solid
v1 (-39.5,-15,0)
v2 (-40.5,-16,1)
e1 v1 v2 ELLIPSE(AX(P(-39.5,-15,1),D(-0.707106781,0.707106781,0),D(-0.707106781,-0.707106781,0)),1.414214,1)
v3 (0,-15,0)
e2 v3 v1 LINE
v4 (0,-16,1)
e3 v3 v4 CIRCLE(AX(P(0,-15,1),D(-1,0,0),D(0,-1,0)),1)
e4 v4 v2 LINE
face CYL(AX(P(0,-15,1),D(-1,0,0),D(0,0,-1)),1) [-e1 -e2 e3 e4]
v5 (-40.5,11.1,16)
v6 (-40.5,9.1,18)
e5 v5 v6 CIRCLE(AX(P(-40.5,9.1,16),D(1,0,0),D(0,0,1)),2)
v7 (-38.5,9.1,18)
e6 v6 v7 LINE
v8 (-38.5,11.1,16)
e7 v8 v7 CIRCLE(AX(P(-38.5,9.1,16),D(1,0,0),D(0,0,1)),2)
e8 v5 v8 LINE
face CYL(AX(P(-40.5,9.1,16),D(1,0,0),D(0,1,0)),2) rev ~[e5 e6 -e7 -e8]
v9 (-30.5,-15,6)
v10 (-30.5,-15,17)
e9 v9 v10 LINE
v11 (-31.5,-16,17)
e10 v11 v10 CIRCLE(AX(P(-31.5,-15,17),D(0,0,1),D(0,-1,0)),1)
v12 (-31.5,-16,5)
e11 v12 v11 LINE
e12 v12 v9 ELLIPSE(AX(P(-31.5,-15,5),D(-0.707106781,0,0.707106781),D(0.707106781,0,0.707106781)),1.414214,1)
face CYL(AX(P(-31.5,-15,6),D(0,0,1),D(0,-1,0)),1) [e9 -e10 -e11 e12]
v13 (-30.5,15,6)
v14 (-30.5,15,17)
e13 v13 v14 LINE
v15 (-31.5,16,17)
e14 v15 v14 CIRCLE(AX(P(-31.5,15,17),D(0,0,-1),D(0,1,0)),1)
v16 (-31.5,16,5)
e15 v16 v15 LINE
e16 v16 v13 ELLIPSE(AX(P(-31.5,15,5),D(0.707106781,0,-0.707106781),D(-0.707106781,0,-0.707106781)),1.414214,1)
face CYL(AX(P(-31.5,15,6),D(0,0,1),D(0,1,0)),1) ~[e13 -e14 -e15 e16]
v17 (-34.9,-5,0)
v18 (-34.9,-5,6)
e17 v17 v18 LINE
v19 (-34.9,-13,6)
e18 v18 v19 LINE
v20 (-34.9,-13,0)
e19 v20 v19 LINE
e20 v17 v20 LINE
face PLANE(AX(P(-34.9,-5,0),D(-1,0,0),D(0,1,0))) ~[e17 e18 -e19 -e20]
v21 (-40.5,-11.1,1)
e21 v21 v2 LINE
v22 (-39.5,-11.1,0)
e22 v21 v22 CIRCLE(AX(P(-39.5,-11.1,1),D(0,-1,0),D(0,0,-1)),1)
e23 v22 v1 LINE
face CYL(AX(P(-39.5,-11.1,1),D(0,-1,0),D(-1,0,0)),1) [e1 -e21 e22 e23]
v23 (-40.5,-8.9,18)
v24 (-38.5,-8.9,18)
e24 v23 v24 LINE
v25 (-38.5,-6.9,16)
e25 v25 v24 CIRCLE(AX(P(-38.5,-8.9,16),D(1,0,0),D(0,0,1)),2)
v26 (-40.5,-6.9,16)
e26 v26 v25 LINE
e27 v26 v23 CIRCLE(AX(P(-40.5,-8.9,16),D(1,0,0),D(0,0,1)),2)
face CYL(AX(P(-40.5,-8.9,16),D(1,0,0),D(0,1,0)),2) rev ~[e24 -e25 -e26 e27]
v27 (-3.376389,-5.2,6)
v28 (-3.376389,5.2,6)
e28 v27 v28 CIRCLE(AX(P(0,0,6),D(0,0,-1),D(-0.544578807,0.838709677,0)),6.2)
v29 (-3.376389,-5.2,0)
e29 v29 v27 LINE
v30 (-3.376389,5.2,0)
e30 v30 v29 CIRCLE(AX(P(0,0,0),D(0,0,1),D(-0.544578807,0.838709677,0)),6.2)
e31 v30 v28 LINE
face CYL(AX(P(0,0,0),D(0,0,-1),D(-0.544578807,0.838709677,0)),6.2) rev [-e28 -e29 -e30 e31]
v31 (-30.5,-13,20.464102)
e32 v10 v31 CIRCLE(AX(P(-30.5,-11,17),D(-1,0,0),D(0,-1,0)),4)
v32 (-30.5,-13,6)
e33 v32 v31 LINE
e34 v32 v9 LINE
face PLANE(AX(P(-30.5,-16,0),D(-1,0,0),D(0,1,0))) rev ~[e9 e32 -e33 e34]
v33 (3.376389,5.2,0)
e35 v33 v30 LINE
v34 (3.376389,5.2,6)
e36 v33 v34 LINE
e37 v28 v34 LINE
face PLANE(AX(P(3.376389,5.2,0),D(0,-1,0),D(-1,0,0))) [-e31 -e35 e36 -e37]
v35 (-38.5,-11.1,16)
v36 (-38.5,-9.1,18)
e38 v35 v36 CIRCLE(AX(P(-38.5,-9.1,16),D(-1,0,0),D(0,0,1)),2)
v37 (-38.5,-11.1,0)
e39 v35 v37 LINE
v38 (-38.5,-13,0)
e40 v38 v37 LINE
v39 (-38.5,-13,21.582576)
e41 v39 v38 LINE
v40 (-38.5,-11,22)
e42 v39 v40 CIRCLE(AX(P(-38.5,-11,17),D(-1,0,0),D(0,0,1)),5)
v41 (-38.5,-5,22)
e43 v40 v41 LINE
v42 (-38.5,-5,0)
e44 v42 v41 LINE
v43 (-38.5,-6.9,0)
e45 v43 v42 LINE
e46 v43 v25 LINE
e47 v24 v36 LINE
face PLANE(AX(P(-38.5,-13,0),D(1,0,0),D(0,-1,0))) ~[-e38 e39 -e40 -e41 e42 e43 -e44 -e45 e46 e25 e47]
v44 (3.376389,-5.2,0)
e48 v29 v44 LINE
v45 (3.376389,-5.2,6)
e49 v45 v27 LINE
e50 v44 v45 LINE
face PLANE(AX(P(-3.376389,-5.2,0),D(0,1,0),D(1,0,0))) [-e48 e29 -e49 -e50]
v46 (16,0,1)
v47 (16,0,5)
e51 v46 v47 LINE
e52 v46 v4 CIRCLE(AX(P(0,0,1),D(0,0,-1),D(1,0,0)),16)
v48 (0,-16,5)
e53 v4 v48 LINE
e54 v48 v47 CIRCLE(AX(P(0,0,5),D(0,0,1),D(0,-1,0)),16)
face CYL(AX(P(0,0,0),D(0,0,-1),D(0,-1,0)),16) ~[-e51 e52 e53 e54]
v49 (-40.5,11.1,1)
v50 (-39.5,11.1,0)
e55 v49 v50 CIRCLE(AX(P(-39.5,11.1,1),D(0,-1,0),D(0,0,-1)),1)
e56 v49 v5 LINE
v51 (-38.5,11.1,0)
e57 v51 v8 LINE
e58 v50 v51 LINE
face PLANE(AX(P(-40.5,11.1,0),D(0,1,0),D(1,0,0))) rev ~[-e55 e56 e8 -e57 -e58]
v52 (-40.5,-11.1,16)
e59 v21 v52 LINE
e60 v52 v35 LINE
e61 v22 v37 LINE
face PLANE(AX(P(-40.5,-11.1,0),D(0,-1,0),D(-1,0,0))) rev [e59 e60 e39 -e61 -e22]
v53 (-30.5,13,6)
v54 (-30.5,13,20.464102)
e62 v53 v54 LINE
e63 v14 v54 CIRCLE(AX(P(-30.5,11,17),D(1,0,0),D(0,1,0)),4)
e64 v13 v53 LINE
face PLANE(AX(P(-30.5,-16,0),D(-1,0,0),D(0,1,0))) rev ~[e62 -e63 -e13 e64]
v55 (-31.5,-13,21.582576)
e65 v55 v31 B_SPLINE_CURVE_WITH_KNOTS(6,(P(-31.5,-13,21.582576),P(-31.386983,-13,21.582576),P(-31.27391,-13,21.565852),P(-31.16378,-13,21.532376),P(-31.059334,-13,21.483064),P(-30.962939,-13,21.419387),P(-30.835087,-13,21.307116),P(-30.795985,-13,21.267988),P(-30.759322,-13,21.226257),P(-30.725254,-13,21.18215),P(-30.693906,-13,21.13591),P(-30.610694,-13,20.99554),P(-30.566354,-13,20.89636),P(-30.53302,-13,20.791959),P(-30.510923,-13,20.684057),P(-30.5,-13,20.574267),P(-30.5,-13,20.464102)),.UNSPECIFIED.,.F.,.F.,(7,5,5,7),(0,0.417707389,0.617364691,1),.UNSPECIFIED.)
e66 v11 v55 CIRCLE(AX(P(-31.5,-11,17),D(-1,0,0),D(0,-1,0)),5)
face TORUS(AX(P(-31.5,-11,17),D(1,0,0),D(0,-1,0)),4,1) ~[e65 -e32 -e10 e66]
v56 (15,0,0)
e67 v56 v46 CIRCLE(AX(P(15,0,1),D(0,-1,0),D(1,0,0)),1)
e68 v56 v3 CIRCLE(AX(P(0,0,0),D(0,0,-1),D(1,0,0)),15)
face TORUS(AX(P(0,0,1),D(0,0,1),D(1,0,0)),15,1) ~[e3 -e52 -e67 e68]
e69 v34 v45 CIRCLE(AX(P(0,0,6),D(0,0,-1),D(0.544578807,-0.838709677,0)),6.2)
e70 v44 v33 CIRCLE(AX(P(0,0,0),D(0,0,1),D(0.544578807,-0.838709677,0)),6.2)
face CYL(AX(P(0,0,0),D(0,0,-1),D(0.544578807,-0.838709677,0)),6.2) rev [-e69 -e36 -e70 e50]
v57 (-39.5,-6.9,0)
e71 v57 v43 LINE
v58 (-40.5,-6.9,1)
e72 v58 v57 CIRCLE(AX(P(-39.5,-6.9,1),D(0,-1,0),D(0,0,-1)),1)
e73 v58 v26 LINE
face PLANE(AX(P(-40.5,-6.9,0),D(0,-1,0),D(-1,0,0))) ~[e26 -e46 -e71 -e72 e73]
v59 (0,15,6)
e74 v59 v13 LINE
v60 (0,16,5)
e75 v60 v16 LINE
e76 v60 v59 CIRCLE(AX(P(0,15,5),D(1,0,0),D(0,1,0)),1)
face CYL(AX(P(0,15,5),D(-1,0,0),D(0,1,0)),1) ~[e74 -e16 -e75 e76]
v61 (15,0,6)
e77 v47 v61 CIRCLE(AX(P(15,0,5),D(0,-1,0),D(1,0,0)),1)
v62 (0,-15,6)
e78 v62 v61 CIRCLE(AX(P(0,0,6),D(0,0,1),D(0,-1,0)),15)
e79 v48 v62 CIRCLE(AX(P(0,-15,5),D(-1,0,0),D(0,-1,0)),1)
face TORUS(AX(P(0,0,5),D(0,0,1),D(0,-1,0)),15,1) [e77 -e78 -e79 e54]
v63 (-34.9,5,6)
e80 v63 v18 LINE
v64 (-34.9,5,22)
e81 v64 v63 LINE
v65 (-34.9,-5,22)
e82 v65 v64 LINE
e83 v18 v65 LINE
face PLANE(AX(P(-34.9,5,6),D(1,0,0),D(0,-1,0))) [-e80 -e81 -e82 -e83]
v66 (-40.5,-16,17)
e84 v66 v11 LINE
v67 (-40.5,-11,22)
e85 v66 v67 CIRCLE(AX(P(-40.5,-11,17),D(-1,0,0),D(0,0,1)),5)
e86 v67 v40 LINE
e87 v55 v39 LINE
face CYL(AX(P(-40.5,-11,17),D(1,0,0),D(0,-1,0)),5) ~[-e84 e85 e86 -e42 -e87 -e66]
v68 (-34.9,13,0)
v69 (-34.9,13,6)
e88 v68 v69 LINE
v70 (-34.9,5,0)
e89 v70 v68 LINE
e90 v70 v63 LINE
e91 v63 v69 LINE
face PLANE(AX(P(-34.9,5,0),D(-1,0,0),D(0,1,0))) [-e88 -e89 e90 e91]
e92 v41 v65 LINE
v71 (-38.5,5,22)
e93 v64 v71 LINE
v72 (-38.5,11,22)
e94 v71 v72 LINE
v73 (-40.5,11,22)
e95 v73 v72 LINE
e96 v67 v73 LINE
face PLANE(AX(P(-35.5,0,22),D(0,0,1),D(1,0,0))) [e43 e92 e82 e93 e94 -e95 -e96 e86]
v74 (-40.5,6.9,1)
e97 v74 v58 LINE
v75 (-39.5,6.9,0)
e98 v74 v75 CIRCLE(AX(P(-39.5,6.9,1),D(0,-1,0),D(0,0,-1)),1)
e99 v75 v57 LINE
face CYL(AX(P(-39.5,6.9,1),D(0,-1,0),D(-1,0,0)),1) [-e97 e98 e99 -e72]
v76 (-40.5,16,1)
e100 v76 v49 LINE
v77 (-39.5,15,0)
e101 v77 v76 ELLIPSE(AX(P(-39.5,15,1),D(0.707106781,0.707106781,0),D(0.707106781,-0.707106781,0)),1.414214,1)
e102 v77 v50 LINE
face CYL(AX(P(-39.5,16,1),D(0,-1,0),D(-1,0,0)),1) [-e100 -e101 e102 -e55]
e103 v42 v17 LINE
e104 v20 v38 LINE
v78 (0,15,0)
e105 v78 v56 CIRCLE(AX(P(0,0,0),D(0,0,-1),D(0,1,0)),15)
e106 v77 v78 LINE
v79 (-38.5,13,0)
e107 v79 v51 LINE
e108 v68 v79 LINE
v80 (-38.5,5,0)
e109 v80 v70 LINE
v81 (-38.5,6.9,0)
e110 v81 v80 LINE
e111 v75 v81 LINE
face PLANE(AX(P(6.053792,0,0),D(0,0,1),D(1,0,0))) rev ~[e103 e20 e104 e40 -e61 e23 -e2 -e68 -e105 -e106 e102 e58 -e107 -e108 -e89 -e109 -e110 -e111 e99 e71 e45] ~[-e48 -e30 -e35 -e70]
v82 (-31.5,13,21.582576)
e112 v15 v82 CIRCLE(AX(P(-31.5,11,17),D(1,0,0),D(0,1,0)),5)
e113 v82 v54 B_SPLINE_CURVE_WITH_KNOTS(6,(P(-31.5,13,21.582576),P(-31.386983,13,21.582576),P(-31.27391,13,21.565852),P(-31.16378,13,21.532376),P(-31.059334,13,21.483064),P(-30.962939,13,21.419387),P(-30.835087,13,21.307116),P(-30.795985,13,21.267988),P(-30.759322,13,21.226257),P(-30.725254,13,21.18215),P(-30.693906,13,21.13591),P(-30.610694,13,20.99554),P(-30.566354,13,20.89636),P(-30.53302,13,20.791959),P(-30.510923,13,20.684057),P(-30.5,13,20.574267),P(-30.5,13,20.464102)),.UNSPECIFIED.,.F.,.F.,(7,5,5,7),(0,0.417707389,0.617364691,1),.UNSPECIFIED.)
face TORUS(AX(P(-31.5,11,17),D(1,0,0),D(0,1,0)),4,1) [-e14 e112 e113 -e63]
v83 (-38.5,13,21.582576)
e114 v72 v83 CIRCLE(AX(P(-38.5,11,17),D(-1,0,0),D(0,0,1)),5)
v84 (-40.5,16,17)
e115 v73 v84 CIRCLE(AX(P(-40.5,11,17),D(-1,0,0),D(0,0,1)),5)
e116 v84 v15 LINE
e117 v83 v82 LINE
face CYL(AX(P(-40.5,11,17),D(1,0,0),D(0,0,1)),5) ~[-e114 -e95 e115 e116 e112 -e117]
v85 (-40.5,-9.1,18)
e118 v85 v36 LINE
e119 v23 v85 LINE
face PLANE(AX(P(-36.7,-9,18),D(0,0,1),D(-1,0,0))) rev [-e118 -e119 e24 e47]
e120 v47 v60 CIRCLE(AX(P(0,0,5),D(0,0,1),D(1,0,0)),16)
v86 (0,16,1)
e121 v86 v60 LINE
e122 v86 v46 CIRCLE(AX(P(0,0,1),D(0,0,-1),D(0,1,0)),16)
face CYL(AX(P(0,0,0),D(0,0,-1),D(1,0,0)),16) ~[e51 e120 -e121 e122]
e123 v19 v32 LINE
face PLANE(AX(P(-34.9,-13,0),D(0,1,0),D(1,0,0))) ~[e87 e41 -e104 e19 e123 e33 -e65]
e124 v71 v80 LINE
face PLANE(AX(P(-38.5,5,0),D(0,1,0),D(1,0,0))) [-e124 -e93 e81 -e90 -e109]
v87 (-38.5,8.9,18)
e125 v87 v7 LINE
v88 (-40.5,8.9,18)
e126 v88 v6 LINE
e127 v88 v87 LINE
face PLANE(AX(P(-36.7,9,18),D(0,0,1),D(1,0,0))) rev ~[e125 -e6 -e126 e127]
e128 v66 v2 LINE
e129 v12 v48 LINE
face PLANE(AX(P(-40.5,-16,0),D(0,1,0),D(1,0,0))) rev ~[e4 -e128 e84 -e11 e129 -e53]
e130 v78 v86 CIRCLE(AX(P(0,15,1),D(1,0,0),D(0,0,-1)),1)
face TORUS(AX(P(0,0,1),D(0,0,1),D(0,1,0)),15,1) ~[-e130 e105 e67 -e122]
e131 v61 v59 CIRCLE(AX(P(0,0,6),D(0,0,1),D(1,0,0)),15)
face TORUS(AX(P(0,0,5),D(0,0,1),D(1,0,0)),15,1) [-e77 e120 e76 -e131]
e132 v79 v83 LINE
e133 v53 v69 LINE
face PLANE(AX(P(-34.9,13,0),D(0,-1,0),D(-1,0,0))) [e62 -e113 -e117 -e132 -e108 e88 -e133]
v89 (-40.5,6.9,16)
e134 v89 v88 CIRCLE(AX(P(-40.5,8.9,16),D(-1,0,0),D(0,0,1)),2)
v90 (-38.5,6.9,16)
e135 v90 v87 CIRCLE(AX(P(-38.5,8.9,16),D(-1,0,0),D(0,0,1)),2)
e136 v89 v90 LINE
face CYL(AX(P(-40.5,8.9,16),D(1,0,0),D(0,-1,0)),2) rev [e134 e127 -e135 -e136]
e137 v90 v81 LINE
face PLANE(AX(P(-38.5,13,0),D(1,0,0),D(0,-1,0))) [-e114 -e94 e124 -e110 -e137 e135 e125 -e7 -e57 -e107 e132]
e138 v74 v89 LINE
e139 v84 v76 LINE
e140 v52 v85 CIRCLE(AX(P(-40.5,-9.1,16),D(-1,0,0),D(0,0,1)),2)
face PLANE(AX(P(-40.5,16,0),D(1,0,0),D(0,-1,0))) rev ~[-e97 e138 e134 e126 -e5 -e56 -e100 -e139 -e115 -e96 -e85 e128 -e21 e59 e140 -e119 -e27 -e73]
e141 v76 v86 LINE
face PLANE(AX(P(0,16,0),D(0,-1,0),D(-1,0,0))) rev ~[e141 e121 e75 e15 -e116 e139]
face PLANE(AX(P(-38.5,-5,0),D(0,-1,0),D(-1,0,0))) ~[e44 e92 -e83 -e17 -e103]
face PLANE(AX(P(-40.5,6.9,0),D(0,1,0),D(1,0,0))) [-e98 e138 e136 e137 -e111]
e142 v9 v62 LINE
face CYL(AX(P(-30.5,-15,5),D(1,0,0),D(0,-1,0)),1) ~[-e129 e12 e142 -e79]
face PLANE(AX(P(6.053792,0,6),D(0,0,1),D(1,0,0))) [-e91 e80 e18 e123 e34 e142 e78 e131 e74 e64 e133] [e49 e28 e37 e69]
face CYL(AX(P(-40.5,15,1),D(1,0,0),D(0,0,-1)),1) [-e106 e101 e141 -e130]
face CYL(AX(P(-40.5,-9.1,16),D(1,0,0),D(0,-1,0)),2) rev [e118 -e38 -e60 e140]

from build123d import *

# Parameters (mm, degrees)
F1_DEPTH  = 6
F2_W      = 10
F2_H      = 32
F3_DEPTH  = 22
F4_W      = 2
F4_H      = 4.2
F5_DEPTH  = 18
F6_R      = 2
F10_DEPTH = 25
F13_DEPTH = 25
F14_R     = 5
F15_R     = 1
F16_R     = 1


with BuildPart() as f1:
    # F0 (on Top) → F1 (new body)
    with BuildSketch(Plane.XY):
        with BuildLine():
            ThreePointArc((0, -16), (11.313708499, -11.313708499), (16, 0))
            ThreePointArc((16, 0), (11.313708499, 11.313708499), (0, 16))
            Line((0, 16), (0, -16))
        make_face()
        with BuildLine():
            Line((0, -16), (0, 16))
            ThreePointArc((0, 16), (-16, 0), (0, -16))
        make_face()
        with BuildLine():
            ThreePointArc((0, -16), (-16, 0), (0, 16))
            Line((0, 16), (-40.5, 16))
            Line((-40.5, 16), (-40.5, -16))
            Line((-40.5, -16), (0, -16))
        make_face()
    extrude(amount=F1_DEPTH)

    # F2 (on Top) → F3 (join)
    with BuildSketch(Plane.XY):
        with Locations((-35.5, 0)):
            Rectangle(F2_W, F2_H)
    extrude(amount=F3_DEPTH)

    # F4 (on Top) → F5 (cut)
    with BuildSketch(Plane.XY):
        Polygon((-34.9, 13), (-38.5, 13), (-38.5, 11.1), (-38.5, 6.9), (-38.5, 5), (-34.9, 5), align=None)
        with Locations((-39.5, 9)):
            Rectangle(F4_W, F4_H)
    extrude(amount=F5_DEPTH, mode=Mode.SUBTRACT)

    # F6
    f6_edges = [f1.edges().sort_by_distance(p)[0] for p in [
        (-39.5, 6.9, 18),
        (-39.5, 11.1, 18),
    ]]
    fillet(f6_edges, radius=F6_R)

    # F7: F1 across plane


with BuildPart() as f1_1:
    add(f1.part)
    add(f1.part.mirror(Plane.XZ), mode=Mode.INTERSECT)

    # F9 (on offset) → F10 (cut)
    with BuildSketch(Plane.XY.offset(6)):
        Polygon((-30.5, 13), (-38.5, 13), (-38.5, 5), (-34.9, 5), (-34.9, -5), (-38.5, -5), (-38.5, -13), (-30.5, -13), align=None)
    extrude(amount=F10_DEPTH, mode=Mode.SUBTRACT)

    # F12 (on face) → F13 (cut)
    with BuildSketch(Plane.XY):
        with BuildLine():
            Line((-3.3763886032, -5.2), (3.3763886032, -5.2))
            ThreePointArc((3.3763886032, -5.2), (6.2, 0), (3.3763886032, 5.2))
            Line((3.3763886032, 5.2), (-3.3763886032, 5.2))
            ThreePointArc((-3.3763886032, 5.2), (-6.2, 0), (-3.3763886032, -5.2))
        make_face()
    extrude(amount=F13_DEPTH, mode=Mode.SUBTRACT)

    # F14
    f14_edges = [f1_1.edges().sort_by_distance(p)[0] for p in [
        (-35.5, 16, 22),
        (-35.5, -16, 22),
    ]]
    fillet(f14_edges, radius=F14_R)

    # F15
    f15_edges = [f1_1.edges().sort_by_distance(p)[0] for p in [
        (-15.25, 16, 6),
        (16, 0, 6),
        (-15.25, -16, 6),
        (-30.5, -16, 11.5),
        (-30.5, 16, 11.5),
    ]]
    fillet(f15_edges, radius=F15_R)

    # F16
    f16_edges = [f1_1.edges().sort_by_distance(p)[0] for p in [
        (-20.25, 16, 0),
        (-40.5, 0, 0),
        (-40.5, 13.55, 0),
        (-40.5, -13.55, 0),
    ]]
    fillet(f16_edges, radius=F16_R)


solid = f1_1.part
